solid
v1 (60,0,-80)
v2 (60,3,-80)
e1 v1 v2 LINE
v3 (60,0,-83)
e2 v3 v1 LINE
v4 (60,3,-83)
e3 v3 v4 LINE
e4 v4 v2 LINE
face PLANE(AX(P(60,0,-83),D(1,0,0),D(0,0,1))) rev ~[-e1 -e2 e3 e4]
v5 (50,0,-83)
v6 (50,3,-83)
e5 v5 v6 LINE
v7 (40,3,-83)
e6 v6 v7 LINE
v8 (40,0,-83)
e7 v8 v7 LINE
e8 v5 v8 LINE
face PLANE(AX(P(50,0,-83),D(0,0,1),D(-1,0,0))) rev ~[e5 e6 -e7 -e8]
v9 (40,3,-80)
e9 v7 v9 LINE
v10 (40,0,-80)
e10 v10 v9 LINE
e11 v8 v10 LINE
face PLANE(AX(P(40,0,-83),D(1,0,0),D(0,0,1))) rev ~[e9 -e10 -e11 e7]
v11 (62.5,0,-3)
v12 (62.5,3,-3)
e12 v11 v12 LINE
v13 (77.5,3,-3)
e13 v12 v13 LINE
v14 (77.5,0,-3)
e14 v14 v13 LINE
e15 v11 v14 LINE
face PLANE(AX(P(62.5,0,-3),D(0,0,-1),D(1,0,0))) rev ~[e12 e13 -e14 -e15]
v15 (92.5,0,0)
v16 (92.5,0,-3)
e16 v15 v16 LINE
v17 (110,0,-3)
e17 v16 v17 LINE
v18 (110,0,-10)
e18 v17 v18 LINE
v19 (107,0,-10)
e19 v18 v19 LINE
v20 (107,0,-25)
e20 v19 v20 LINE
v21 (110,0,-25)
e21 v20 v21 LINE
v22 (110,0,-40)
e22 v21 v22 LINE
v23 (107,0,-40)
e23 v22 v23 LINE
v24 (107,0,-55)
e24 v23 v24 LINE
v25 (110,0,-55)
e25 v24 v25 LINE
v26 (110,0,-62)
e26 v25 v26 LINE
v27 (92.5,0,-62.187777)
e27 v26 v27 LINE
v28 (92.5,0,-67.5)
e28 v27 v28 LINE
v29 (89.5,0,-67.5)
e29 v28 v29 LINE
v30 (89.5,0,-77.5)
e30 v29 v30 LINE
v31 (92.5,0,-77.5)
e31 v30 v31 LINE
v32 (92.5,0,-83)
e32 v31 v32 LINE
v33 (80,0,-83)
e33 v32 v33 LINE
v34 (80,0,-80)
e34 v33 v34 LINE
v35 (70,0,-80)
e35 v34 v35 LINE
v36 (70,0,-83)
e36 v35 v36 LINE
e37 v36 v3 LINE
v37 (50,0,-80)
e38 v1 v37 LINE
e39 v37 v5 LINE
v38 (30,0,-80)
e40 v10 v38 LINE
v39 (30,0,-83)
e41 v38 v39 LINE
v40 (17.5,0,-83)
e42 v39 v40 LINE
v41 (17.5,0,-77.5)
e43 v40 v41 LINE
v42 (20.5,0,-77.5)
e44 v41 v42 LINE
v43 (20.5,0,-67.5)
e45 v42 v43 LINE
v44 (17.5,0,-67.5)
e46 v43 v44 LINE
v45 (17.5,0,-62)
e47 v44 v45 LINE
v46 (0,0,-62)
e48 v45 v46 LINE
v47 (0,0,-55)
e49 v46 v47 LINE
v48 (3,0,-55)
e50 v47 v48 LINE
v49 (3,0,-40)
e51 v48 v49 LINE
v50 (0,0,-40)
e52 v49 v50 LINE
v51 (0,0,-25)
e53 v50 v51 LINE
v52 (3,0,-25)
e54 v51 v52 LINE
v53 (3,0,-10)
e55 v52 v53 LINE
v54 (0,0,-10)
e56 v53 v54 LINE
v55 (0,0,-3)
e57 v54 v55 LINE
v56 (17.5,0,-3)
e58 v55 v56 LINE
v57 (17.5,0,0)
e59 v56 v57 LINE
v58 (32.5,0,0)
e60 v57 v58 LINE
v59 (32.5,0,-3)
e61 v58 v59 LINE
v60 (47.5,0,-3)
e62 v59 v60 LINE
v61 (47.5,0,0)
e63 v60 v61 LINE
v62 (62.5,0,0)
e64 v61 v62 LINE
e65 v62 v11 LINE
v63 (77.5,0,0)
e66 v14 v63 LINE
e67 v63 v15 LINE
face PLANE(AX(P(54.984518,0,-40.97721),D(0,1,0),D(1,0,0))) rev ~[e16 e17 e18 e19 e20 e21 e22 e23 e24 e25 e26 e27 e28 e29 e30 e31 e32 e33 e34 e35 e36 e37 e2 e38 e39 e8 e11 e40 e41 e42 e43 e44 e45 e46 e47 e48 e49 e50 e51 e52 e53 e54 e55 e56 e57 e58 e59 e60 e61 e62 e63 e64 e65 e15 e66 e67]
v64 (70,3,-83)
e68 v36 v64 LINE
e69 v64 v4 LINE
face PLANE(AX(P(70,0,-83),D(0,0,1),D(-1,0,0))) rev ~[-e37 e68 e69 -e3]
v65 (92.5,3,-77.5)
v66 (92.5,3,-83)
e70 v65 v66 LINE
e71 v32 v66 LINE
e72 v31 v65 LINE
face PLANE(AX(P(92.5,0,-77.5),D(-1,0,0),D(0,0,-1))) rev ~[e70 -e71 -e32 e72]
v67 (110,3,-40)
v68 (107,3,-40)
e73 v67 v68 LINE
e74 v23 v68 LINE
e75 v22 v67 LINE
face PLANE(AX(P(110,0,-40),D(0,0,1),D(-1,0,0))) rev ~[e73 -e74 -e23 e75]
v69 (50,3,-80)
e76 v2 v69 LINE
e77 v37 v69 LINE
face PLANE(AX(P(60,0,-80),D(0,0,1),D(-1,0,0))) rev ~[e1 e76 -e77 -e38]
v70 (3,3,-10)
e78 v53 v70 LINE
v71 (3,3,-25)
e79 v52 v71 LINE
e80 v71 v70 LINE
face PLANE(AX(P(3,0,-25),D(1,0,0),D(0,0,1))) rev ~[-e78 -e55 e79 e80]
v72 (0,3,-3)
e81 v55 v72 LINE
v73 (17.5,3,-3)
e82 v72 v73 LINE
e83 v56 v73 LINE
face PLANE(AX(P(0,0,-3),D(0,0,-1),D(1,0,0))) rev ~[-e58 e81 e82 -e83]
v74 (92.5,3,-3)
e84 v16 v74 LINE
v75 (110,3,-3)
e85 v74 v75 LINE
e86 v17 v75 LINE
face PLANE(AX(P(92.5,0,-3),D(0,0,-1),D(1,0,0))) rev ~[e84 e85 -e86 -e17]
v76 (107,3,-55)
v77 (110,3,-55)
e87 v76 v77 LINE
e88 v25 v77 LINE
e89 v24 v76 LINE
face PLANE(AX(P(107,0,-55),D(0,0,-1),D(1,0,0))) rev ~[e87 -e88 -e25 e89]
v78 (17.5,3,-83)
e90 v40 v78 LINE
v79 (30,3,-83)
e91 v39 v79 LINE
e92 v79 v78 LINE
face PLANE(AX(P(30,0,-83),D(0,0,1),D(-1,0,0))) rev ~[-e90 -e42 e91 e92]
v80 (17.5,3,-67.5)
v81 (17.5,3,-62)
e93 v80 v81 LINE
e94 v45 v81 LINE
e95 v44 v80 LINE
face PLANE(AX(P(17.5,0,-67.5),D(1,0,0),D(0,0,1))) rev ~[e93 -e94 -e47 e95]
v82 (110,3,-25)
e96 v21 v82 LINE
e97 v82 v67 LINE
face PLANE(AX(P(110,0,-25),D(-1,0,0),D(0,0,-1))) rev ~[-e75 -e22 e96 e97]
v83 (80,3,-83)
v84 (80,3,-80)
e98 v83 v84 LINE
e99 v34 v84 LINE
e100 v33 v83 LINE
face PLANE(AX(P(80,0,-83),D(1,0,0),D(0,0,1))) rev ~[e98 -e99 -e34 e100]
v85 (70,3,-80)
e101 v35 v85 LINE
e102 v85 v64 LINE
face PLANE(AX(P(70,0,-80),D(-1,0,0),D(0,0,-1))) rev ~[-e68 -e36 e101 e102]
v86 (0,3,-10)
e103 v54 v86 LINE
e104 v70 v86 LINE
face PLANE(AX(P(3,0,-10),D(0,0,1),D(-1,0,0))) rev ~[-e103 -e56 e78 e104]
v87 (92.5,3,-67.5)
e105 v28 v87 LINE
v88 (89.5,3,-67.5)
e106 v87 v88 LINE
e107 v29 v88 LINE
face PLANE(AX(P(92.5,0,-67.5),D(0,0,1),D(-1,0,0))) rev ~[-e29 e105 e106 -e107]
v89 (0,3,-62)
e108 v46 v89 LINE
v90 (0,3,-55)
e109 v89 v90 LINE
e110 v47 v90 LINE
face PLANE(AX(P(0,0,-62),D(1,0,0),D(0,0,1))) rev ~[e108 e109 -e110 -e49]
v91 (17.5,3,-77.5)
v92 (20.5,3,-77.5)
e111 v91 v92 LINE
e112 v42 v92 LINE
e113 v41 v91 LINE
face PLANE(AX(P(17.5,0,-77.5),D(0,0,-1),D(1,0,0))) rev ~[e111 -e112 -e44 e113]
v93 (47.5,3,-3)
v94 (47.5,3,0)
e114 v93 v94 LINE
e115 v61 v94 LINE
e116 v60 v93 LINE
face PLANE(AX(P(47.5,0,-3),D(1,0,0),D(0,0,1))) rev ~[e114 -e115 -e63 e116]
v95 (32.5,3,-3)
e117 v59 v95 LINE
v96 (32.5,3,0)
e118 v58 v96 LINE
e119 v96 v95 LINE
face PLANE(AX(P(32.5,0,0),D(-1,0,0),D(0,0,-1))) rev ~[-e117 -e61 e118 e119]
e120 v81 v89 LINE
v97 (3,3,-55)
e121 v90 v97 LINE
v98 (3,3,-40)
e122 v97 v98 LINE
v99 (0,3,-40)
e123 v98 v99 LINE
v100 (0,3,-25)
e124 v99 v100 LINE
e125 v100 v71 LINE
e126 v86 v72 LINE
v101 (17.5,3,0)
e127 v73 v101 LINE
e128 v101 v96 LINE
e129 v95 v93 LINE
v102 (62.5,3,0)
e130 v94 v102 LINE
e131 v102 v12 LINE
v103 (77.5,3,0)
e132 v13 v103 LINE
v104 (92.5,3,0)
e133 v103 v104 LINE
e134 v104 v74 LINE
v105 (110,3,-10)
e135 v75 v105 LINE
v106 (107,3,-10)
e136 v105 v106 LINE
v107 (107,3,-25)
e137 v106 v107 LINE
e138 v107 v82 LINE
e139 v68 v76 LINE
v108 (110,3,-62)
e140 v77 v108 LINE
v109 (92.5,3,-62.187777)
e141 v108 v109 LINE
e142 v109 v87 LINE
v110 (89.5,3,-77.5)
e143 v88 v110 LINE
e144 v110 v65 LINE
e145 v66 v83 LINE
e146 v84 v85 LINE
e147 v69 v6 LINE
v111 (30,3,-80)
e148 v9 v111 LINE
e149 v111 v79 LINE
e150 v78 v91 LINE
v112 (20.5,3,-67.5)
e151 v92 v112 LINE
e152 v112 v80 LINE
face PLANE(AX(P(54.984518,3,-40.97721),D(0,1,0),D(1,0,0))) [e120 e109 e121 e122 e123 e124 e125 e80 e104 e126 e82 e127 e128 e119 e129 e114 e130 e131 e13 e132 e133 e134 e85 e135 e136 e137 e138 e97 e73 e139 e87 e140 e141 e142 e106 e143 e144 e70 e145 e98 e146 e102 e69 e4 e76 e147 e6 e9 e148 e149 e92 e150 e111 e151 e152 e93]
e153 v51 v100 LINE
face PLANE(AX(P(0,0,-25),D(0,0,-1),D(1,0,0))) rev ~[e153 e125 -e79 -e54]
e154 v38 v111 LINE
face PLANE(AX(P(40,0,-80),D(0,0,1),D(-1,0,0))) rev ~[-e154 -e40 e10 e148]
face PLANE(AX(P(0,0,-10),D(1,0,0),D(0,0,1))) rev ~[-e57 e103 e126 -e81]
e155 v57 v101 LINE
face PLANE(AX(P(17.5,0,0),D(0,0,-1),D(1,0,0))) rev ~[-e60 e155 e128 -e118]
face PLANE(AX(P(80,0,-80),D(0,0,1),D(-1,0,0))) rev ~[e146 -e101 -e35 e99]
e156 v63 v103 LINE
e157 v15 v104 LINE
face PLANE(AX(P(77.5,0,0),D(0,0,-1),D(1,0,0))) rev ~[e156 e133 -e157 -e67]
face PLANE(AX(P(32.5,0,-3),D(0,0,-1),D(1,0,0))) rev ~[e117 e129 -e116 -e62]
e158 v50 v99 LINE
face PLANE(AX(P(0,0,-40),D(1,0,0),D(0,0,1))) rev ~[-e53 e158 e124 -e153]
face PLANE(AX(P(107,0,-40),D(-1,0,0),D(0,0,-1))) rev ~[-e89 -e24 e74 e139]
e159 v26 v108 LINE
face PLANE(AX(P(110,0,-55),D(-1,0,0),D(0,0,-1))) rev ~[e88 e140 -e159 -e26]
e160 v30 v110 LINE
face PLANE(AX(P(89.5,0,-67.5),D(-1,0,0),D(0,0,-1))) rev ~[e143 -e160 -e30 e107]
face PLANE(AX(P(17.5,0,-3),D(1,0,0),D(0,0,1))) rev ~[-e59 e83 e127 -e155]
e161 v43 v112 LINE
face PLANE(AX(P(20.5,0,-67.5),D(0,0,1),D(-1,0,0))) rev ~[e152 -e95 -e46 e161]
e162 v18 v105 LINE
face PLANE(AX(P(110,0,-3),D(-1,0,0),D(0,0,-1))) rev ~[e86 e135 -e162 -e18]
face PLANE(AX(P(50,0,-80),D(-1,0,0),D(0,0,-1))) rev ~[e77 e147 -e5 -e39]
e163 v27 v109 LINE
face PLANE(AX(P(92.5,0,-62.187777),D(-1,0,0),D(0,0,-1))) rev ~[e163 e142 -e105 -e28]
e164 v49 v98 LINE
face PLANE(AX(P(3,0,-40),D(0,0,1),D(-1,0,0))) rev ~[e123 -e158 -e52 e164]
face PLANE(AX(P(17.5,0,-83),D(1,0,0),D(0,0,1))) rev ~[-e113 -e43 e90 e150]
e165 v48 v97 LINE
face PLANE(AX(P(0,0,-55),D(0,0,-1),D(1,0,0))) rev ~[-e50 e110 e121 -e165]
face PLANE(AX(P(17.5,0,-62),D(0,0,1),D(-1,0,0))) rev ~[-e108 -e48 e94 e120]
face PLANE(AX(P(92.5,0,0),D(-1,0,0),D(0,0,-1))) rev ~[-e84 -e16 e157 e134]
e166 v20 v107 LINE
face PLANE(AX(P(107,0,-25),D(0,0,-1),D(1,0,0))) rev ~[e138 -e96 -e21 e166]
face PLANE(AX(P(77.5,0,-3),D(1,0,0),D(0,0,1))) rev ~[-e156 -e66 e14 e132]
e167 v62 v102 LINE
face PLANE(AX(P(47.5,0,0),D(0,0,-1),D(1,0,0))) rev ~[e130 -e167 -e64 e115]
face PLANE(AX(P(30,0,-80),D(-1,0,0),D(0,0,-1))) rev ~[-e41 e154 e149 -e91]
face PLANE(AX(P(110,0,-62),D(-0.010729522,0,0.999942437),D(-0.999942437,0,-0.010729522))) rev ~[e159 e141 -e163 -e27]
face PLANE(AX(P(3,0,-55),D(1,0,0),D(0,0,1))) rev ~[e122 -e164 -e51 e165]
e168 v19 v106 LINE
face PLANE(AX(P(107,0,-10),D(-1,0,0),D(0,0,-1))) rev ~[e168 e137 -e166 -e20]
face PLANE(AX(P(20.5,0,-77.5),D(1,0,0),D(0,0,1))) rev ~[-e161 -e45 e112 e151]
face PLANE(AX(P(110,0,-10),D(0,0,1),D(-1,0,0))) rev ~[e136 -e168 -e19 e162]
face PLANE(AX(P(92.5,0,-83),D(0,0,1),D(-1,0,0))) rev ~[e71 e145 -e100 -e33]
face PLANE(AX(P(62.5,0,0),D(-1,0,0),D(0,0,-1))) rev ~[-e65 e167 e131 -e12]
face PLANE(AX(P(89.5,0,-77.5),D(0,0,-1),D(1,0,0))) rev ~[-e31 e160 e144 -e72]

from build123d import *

# Parameters (mm, degrees)
SALIENTE_EXTRUIR1_DEPTH = 3


with BuildPart() as part:
    # Croquis1 → Saliente-Extruir1 (new body)
    with BuildSketch(Plane(origin=(0, 0, 0), x_dir=(1, 0, 0), z_dir=(0, 1, 0))):
        Polygon((0, 10), (0, 3), (17.5, 3), (17.5, 0), (32.5, 0), (32.5, 3), (47.5, 3), (47.5, 0), (55, 0), (62.5, 0), (62.5, 3), (77.5, 3), (77.5, 0), (92.5, 0), (92.5, 3), (110, 3), (110, 10), (107, 10), (107, 25), (110, 25), (110, 32.5), (110, 40), (107, 40), (107, 55), (110, 55), (110, 62), (92.5, 62.187777448), (92.5, 67.5), (89.5, 67.5), (89.5, 72.5), (89.5, 77.5), (92.5, 77.5), (92.5, 83), (80, 83), (80, 80), (70, 80), (70, 83), (60, 83), (60, 80), (50, 80), (50, 83), (40, 83), (40, 80), (30, 80), (30, 83), (17.5, 83), (17.5, 77.5), (20.5, 77.5), (20.5, 72.5), (20.5, 67.5), (17.5, 67.5), (17.5, 62), (0, 62), (0, 55), (3, 55), (3, 40), (0, 40), (0, 25), (3, 25), (3, 10), align=None)
    extrude(amount=SALIENTE_EXTRUIR1_DEPTH)


solid = part.part
